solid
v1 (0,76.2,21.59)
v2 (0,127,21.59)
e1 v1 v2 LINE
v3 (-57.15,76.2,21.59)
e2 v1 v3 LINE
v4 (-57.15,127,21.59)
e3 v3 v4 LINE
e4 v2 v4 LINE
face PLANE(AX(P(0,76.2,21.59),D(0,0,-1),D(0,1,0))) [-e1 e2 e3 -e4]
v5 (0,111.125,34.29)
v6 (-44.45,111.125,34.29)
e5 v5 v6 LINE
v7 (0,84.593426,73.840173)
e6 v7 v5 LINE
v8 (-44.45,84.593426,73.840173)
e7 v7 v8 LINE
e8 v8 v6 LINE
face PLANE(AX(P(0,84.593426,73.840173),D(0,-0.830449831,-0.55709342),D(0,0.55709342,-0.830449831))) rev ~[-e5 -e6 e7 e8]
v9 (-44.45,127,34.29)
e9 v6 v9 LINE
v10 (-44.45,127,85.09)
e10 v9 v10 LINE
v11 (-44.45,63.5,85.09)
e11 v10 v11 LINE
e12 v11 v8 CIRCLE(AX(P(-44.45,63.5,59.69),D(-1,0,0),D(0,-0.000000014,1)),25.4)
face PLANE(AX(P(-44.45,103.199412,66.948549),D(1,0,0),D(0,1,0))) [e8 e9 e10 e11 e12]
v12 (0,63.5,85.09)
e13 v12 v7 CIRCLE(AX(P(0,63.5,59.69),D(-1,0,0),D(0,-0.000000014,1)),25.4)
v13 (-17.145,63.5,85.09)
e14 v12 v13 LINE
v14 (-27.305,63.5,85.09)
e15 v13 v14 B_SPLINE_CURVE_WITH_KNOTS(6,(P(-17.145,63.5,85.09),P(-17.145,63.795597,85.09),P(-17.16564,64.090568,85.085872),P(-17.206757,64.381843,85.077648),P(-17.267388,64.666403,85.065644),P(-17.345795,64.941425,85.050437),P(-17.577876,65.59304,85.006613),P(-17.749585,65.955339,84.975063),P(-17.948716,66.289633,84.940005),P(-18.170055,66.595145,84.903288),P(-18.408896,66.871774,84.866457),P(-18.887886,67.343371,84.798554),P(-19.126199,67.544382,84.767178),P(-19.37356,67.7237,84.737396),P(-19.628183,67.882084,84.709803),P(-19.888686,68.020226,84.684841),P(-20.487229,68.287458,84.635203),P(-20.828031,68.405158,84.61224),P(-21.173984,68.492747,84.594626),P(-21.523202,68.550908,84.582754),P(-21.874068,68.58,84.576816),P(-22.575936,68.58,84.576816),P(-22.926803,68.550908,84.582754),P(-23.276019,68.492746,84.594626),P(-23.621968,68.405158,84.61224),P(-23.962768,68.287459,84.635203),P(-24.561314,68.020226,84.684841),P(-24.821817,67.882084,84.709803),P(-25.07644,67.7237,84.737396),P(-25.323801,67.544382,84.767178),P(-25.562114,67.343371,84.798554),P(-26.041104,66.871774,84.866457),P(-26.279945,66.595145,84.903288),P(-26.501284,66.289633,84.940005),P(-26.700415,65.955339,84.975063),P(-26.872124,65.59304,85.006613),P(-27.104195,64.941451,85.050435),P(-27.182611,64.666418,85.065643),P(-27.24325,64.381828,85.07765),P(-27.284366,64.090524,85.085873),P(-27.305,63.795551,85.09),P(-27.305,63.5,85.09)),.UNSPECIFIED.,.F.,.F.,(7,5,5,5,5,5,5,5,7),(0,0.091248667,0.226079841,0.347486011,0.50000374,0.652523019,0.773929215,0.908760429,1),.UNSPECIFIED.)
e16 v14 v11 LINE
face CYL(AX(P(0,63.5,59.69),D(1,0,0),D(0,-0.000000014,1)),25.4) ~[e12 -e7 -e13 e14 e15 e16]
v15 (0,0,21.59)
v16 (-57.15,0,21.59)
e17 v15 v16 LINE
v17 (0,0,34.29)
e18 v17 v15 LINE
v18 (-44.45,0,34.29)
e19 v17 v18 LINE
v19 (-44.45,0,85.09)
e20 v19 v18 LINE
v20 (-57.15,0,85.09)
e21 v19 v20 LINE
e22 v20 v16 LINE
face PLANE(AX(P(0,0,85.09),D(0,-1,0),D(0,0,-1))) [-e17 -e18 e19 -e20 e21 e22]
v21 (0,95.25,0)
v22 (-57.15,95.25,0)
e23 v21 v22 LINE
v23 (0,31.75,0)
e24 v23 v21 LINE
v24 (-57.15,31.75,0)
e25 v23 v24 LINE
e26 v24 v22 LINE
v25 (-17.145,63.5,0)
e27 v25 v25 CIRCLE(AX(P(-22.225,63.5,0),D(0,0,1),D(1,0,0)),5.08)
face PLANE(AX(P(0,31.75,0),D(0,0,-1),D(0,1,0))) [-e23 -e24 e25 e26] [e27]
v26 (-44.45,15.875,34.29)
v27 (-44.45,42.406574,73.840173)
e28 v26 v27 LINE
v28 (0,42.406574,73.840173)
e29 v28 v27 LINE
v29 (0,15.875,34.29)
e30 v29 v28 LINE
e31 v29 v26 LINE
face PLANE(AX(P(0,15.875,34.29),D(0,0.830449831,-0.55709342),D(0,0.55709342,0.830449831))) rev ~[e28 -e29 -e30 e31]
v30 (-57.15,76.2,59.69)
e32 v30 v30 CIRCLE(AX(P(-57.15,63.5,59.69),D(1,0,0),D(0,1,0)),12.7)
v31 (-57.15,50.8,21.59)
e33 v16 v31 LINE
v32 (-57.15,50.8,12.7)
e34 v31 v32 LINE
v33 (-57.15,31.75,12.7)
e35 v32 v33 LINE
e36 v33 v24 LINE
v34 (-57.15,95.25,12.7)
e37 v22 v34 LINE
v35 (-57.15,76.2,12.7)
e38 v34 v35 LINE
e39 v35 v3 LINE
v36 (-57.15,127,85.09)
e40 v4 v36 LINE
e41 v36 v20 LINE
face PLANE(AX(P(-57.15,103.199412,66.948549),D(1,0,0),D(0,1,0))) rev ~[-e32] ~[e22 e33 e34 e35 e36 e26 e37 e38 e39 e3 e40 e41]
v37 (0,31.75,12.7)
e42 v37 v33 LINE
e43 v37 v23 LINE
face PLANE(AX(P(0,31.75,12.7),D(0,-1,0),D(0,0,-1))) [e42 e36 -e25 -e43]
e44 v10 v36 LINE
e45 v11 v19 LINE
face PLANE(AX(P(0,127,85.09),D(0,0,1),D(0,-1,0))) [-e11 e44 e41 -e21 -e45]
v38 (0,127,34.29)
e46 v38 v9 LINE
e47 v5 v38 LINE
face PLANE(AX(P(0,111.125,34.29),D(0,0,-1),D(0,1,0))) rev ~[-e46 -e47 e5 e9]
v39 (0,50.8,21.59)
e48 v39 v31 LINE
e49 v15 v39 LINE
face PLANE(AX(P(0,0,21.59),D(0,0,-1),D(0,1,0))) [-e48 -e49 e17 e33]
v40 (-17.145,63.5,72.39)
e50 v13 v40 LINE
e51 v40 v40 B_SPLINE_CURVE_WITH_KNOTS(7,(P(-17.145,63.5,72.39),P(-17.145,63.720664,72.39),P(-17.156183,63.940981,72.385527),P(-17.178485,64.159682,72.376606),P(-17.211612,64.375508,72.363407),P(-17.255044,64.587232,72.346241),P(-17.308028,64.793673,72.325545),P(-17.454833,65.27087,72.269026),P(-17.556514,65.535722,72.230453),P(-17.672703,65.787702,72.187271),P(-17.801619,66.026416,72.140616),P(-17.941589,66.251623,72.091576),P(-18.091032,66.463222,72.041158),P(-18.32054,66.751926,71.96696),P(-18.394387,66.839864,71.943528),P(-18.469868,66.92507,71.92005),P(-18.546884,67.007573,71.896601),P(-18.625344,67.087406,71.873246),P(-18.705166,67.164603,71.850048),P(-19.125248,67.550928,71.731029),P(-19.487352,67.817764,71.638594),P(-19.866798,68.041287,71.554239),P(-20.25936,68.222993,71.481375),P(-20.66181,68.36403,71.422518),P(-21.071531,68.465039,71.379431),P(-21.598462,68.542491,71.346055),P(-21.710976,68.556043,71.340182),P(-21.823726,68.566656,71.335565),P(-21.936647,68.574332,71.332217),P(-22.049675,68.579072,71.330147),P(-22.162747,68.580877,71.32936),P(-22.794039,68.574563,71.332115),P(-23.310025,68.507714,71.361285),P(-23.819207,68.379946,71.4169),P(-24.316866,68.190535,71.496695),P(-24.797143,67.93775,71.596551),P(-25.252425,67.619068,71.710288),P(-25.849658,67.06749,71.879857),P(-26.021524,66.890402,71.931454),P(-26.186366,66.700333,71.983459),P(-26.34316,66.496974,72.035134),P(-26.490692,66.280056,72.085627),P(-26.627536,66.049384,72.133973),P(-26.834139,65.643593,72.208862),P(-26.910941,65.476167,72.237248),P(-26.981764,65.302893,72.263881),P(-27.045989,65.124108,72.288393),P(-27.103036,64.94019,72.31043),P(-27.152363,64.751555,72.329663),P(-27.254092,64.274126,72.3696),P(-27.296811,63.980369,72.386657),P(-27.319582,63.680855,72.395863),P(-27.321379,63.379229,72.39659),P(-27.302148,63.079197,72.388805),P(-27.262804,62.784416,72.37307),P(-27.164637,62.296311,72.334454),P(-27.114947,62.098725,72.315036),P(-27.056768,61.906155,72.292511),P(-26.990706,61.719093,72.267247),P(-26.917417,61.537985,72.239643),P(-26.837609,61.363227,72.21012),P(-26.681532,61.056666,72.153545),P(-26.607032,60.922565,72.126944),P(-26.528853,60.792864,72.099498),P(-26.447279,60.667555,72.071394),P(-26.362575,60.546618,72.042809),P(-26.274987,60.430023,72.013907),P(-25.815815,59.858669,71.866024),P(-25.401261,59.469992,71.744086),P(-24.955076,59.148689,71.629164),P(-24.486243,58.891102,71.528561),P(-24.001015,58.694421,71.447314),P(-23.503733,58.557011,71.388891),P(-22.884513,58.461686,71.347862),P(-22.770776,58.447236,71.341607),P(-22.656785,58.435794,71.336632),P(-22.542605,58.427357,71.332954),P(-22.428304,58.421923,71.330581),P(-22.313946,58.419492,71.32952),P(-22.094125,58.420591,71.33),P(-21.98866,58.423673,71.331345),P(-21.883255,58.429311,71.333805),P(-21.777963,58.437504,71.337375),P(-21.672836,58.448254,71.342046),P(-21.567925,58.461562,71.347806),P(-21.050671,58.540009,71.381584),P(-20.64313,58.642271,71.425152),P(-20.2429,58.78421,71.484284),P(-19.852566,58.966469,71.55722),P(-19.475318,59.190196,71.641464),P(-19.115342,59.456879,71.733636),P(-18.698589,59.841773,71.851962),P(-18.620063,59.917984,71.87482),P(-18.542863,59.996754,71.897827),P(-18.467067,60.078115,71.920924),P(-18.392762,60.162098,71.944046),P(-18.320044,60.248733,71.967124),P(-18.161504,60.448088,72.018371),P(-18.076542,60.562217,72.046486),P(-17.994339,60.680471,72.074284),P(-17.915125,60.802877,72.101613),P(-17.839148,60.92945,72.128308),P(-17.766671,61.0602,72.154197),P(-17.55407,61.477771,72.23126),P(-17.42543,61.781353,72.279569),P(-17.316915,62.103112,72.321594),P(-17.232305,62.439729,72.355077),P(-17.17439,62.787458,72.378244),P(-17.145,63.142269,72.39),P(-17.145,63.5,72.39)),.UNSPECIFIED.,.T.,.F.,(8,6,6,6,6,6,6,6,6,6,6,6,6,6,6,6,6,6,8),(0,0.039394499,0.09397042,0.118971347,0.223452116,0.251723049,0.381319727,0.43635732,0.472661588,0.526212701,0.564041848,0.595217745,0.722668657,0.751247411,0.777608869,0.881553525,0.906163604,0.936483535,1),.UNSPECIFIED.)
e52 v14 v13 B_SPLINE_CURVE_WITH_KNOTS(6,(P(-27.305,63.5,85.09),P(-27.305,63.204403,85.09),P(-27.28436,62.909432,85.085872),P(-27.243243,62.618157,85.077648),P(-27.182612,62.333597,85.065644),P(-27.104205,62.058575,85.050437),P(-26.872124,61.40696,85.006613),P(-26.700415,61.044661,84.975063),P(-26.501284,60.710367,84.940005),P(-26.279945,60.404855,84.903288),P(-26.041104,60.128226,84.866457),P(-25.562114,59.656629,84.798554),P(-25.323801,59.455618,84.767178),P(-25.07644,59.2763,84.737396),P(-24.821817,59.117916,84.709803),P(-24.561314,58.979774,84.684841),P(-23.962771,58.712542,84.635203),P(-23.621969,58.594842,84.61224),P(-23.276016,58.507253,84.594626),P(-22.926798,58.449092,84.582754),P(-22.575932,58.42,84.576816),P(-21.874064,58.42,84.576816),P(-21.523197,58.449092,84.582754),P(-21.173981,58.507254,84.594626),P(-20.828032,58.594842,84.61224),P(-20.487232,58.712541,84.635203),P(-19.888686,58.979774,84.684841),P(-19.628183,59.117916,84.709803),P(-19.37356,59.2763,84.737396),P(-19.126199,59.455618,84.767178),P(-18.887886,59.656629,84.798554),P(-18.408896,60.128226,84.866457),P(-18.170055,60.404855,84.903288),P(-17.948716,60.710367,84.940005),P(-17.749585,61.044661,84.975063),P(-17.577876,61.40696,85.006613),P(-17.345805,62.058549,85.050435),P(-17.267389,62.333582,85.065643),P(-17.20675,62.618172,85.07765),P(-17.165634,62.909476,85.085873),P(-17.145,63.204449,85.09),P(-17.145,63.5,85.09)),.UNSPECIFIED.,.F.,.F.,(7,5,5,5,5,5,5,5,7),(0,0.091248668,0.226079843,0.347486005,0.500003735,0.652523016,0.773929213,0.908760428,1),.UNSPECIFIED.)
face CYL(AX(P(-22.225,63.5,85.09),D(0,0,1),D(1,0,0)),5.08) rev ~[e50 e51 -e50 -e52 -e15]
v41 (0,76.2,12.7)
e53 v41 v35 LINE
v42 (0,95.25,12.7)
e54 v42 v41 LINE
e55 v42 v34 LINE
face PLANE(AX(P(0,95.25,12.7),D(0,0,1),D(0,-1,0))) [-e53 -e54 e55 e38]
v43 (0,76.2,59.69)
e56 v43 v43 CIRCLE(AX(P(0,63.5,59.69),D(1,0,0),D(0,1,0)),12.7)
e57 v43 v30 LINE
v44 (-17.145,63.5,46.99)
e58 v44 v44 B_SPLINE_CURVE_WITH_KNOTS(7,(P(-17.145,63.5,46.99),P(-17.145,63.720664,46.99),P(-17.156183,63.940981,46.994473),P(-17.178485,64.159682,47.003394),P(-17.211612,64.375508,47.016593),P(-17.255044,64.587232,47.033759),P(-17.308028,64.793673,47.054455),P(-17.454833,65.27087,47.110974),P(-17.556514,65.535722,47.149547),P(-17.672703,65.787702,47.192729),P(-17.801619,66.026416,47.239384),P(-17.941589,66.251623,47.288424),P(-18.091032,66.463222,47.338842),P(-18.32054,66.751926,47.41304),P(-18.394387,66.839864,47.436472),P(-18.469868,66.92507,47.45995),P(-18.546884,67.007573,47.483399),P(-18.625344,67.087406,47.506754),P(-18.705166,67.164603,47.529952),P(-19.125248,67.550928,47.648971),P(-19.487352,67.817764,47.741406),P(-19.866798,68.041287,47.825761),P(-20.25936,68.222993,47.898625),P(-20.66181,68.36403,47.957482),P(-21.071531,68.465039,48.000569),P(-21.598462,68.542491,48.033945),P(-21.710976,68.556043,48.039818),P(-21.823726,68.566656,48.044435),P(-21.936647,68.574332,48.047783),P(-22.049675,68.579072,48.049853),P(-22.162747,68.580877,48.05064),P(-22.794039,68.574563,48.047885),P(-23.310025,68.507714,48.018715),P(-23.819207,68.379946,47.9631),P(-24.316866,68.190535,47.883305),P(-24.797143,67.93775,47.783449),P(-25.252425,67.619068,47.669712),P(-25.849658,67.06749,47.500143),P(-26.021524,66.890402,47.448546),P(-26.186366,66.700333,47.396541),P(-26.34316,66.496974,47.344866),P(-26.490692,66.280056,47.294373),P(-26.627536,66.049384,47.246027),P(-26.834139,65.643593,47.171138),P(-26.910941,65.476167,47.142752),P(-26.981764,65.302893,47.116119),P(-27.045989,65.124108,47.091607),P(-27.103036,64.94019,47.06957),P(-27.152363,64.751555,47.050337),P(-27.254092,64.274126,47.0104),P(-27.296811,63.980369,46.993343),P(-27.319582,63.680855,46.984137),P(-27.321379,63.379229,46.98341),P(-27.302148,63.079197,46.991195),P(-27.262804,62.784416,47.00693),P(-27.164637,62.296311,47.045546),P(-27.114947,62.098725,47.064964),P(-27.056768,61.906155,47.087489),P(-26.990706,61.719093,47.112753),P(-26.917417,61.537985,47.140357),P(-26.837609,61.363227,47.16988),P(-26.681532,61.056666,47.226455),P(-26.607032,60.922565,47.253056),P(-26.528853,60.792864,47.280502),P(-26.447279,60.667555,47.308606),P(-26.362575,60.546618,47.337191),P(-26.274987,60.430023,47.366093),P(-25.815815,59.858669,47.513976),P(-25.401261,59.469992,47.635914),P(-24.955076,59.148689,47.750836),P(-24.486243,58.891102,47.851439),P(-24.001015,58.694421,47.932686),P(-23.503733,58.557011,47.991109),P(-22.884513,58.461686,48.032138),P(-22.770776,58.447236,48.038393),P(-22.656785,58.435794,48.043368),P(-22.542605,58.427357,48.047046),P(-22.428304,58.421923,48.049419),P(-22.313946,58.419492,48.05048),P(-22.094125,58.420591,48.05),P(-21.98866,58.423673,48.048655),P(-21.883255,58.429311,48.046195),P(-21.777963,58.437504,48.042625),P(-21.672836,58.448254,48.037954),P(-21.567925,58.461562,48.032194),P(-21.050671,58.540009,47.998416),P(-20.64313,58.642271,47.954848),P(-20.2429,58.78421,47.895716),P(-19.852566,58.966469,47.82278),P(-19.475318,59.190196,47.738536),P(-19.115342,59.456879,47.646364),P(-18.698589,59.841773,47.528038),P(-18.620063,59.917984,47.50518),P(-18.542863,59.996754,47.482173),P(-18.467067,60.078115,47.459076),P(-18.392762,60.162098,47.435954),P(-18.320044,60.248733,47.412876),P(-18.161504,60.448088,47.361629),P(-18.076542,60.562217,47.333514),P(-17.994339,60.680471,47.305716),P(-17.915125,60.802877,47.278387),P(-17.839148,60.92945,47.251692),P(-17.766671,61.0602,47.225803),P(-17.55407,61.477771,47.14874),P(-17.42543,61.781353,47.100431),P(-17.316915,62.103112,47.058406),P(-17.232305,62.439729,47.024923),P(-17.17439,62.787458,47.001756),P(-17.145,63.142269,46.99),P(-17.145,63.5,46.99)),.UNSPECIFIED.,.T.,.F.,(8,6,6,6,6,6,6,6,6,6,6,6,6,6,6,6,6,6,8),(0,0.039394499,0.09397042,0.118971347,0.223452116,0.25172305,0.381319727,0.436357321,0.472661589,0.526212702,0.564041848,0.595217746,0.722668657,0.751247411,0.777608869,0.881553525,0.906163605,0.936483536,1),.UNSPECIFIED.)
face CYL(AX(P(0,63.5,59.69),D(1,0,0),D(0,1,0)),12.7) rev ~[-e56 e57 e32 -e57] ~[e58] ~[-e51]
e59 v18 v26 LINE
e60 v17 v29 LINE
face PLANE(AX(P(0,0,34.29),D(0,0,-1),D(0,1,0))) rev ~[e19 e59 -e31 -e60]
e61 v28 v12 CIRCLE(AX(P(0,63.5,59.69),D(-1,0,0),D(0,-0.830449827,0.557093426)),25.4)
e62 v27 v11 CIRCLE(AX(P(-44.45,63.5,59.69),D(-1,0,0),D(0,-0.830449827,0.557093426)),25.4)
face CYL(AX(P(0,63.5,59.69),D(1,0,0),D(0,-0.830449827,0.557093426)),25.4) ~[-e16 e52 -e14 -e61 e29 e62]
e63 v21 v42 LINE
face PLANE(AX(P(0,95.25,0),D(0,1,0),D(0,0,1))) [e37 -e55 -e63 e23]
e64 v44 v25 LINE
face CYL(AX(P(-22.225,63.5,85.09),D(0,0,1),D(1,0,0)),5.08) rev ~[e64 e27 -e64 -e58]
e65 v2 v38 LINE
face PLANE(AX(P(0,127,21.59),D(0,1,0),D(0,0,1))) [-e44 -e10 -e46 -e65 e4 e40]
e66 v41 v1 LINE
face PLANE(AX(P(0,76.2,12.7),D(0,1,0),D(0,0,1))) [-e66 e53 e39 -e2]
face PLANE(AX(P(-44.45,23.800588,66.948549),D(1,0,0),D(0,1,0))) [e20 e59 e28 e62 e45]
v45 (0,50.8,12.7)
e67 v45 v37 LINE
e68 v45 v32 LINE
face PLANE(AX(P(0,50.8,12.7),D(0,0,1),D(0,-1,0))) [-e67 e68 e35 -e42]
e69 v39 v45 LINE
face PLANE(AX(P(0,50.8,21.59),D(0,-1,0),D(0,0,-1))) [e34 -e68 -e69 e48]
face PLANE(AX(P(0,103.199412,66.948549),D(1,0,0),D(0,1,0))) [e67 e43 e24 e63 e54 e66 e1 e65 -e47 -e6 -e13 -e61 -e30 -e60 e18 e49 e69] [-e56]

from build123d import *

# Parameters (mm, degrees)
F0_R     = 12.7
F1_DEPTH = 57.15
F2_DEPTH = 44.45
F3_DEPTH = 57.15
F4_R     = 5.08
F5_DEPTH = 85.09


with BuildPart() as f1:
    # F0 (on Right) → F1 (new body)
    with BuildSketch(Plane.YZ):
        with BuildLine():
            Line((127, 85.09), (63.5, 85.09))
            ThreePointArc((63.5, 85.09), (75.452941, 82.101765), (84.593426, 73.840173))
            Line((84.593426, 73.840173), (111.125, 34.29))
            Line((111.125, 34.29), (127, 34.29))
            Line((127, 34.29), (127, 85.09))
        make_face()
        with BuildLine():
            Line((31.75, 12.7), (31.75, 0))
            Line((31.75, 0), (63.5, 0))
            Line((63.5, 0), (95.25, 0))
            Line((95.25, 0), (95.25, 12.7))
            Line((95.25, 12.7), (76.2, 12.7))
            Line((76.2, 12.7), (76.2, 21.59))
            Line((76.2, 21.59), (127, 21.59))
            Line((127, 21.59), (127, 34.29))
            Line((127, 34.29), (111.125, 34.29))
            Line((111.125, 34.29), (84.593426, 73.840173))
            ThreePointArc((84.593426, 73.840173), (75.452941, 82.101765), (63.5, 85.09))
            ThreePointArc((63.5, 85.09), (51.547059, 82.101765), (42.406574, 73.840173))
            Line((42.406574, 73.840173), (15.875, 34.29))
            Line((15.875, 34.29), (0, 34.29))
            Line((0, 34.29), (0, 21.59))
            Line((0, 21.59), (50.8, 21.59))
            Line((50.8, 21.59), (50.8, 12.7))
            Line((50.8, 12.7), (31.75, 12.7))
        make_face()
        with Locations((63.5, 59.69)):
            Circle(F0_R, mode=Mode.SUBTRACT)
        with BuildLine():
            Line((0, 85.09), (0, 34.29))
            Line((0, 34.29), (15.875, 34.29))
            Line((15.875, 34.29), (42.406574, 73.840173))
            ThreePointArc((42.406574, 73.840173), (51.547059, 82.101765), (63.5, 85.09))
            Line((63.5, 85.09), (0, 85.09))
        make_face()
    extrude(amount=-F1_DEPTH)

    # F0 (on Right) → F2 (cut)
    with BuildSketch(Plane.YZ):
        with BuildLine():
            Line((0, 85.09), (0, 34.29))
            Line((0, 34.29), (15.875, 34.29))
            Line((15.875, 34.29), (42.406574, 73.840173))
            ThreePointArc((42.406574, 73.840173), (51.547059, 82.101765), (63.5, 85.09))
            Line((63.5, 85.09), (0, 85.09))
        make_face()
        with BuildLine():
            Line((127, 85.09), (63.5, 85.09))
            ThreePointArc((63.5, 85.09), (75.452941, 82.101765), (84.593426, 73.840173))
            Line((84.593426, 73.840173), (111.125, 34.29))
            Line((111.125, 34.29), (127, 34.29))
            Line((127, 34.29), (127, 85.09))
        make_face()
    extrude(amount=-F2_DEPTH, mode=Mode.SUBTRACT)

    # F0 (on Right) → F3 (cut)
    with BuildSketch(Plane.YZ):
        Polygon((0, 21.59), (0, 0), (31.75, 0), (31.75, 12.7), (50.8, 12.7), (50.8, 21.59), align=None)
        Polygon((95.25, 12.7), (95.25, 0), (127, 0), (127, 21.59), (76.2, 21.59), (76.2, 12.7), align=None)
    extrude(amount=-F3_DEPTH, mode=Mode.SUBTRACT)

    # F4 (on face) → F5 (cut)
    with BuildSketch(Plane.XY.offset(85.09)):
        with Locations((-22.225, 63.5)):
            Circle(F4_R)
    extrude(amount=-F5_DEPTH, mode=Mode.SUBTRACT)


solid = f1.part
